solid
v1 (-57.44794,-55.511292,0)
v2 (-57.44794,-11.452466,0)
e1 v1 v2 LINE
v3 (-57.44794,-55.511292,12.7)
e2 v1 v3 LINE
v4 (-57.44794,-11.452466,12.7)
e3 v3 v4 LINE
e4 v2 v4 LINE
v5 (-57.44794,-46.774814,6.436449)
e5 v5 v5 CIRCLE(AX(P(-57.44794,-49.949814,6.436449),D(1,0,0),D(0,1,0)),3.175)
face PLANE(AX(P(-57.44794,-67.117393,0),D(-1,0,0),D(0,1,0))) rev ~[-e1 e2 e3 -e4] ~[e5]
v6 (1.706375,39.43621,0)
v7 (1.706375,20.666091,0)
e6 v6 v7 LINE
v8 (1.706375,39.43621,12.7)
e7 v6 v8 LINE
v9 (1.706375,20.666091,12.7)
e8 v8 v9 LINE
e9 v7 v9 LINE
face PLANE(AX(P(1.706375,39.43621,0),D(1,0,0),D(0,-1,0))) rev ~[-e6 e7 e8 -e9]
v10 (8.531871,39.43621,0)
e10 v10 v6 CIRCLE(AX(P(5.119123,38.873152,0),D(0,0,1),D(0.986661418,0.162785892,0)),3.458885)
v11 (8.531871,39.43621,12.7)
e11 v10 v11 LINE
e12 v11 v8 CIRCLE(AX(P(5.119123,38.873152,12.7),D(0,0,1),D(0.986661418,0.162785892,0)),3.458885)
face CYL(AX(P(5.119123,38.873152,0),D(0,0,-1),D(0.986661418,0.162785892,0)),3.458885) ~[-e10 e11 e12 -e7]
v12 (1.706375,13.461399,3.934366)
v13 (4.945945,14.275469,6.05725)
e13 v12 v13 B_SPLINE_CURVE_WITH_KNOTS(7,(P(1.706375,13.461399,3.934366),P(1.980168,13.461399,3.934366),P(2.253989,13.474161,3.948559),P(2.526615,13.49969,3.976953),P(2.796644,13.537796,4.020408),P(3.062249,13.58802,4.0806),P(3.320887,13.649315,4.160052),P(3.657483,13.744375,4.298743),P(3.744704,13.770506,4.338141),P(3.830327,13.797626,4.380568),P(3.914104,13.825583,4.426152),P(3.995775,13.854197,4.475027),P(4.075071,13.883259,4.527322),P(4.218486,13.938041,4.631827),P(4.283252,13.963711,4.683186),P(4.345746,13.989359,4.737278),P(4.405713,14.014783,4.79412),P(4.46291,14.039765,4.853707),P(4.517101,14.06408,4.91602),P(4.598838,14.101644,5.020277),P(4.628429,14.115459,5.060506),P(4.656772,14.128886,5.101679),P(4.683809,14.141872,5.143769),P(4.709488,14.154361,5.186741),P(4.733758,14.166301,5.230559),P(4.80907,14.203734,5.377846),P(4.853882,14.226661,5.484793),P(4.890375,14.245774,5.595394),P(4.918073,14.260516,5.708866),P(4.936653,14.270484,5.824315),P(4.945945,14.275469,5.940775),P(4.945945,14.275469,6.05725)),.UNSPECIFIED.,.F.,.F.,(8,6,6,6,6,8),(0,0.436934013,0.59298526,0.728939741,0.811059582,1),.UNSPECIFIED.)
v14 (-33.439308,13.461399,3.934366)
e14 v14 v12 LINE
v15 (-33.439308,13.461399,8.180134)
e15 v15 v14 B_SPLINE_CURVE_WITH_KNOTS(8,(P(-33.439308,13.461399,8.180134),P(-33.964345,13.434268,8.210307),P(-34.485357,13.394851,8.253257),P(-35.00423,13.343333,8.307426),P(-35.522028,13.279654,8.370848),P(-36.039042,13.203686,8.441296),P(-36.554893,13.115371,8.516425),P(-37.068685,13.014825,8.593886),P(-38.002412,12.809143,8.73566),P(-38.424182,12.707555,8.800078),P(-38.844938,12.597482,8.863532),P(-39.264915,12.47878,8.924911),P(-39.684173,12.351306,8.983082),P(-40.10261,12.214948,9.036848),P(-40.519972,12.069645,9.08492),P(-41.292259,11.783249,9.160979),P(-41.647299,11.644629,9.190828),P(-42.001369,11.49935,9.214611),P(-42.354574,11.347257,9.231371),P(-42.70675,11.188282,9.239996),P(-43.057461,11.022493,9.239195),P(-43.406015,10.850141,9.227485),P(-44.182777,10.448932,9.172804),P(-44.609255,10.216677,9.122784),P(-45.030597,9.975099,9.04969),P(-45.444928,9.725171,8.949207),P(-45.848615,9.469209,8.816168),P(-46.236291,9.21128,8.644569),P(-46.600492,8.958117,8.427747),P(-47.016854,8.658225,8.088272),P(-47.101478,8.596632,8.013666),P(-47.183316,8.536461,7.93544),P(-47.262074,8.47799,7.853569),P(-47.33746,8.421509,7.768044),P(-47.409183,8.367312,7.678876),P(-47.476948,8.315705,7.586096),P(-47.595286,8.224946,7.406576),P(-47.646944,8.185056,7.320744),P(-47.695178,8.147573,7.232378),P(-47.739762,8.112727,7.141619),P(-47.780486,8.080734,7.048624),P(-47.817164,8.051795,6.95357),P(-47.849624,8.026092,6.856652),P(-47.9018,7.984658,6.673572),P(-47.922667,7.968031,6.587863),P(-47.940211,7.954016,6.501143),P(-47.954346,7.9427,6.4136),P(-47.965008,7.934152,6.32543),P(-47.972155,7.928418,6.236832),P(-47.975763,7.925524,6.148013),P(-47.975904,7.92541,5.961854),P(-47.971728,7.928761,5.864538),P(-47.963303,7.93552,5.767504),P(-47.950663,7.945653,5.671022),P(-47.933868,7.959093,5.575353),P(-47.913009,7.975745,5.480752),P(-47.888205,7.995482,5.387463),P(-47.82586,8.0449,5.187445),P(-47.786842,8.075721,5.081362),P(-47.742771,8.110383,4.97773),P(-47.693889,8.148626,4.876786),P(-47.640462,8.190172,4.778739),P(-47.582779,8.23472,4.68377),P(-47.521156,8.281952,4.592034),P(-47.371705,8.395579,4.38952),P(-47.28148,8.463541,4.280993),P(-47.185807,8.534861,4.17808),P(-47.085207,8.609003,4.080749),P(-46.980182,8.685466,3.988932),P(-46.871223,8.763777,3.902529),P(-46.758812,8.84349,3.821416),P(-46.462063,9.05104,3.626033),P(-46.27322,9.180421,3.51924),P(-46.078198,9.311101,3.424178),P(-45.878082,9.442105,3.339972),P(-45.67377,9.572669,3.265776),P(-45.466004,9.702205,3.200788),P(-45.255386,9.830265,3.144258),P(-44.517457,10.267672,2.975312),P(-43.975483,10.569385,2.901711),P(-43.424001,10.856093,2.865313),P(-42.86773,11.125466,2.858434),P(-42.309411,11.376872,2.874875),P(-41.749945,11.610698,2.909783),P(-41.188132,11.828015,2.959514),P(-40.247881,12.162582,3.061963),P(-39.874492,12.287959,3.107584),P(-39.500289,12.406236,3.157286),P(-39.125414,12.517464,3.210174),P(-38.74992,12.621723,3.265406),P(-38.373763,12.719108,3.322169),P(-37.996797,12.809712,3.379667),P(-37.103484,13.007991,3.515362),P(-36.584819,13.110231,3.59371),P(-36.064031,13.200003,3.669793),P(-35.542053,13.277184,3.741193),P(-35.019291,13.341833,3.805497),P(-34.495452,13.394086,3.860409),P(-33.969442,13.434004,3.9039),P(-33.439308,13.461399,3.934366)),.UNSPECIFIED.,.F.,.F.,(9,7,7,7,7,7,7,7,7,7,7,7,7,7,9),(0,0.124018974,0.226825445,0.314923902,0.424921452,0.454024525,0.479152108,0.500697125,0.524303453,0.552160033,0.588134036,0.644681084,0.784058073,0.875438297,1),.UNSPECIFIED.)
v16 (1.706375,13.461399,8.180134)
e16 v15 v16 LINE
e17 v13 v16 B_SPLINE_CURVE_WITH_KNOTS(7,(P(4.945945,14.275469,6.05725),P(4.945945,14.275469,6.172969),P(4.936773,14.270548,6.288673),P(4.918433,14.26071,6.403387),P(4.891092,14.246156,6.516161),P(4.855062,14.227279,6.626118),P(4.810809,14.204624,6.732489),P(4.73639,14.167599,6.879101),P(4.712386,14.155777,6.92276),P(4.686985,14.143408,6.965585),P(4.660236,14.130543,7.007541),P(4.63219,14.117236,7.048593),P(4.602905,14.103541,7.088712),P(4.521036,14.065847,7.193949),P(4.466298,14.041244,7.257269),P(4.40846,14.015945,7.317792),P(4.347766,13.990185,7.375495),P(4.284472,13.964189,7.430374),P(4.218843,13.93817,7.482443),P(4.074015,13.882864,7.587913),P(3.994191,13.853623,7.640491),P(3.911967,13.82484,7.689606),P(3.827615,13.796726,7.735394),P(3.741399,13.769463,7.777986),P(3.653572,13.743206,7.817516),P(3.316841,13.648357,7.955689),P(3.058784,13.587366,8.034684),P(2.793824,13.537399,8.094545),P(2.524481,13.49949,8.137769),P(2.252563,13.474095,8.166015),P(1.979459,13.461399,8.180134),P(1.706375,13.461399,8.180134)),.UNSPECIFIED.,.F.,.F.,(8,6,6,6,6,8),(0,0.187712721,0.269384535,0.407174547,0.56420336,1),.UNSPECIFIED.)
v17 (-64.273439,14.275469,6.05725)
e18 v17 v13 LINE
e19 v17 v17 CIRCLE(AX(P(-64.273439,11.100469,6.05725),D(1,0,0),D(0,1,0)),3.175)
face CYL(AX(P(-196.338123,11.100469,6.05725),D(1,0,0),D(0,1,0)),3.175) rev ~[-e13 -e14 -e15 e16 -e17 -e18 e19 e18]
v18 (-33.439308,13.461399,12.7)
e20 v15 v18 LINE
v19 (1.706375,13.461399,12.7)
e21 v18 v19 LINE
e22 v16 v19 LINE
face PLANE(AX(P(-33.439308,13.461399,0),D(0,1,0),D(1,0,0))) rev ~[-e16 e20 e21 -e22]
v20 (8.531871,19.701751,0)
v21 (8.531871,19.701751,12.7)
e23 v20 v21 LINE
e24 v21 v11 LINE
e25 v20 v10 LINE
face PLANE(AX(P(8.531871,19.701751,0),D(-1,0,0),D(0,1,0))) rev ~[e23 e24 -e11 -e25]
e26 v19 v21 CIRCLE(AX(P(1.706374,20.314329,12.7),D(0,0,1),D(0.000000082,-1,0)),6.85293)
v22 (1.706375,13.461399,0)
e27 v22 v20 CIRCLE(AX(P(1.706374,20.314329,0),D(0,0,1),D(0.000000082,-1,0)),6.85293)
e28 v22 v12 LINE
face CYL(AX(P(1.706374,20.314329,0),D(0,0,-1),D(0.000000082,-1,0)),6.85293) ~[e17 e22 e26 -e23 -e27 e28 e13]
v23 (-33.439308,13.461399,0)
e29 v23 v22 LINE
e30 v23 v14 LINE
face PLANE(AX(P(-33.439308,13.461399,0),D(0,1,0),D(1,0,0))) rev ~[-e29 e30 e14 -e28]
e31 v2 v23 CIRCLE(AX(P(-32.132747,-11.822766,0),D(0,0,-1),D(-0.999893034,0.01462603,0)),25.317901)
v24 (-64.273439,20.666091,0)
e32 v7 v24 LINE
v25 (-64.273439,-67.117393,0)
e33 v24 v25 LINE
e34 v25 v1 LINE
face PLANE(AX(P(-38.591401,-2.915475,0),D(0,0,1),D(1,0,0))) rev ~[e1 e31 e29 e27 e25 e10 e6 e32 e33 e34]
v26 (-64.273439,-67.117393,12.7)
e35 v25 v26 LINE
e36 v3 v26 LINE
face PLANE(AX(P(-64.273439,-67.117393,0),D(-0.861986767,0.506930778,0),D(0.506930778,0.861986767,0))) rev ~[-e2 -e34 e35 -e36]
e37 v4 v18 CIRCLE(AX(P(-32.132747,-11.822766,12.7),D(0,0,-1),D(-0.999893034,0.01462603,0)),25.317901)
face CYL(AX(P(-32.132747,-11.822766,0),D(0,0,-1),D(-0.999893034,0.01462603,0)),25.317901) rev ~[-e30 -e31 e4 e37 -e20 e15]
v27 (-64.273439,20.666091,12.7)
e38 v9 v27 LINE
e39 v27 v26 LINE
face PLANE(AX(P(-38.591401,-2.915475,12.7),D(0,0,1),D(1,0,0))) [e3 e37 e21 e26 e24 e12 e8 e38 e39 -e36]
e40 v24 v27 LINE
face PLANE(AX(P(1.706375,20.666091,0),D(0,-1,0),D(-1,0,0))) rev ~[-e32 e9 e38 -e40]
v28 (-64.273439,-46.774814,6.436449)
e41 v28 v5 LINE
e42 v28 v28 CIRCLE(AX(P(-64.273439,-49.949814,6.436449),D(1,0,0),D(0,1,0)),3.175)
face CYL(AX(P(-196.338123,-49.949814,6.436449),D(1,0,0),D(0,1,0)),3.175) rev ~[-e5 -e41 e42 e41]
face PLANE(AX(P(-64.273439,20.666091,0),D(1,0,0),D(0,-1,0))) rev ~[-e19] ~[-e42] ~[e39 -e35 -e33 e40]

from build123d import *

# Parameters (mm, degrees)
F1_DEPTH = 12.7
F3_D     = 6.35
F5_DEPTH = 12.701


with BuildPart() as f1:
    # F0 (on Top) → F1 (new body)
    with BuildSketch(Plane.XY):
        with BuildLine():
            Line((-57.44794, 20.666091), (-64.273439, 20.666091))
            Line((-64.273439, 20.666091), (-64.273439, -67.117393))
            Line((-64.273439, -67.117393), (-57.44794, -67.117393))
            Line((-57.44794, -67.117393), (-57.44794, -11.452466))
            ThreePointArc((-57.44794, -11.452466), (-50.363343, 5.745429), (-33.439308, 13.461399))
            Line((-33.439308, 13.461399), (1.706375, 13.461399))
            ThreePointArc((1.706375, 13.461399), (6.33048, 15.256632), (8.531871, 19.701751))
            Line((8.531871, 19.701751), (8.531871, 39.43621))
            ThreePointArc((8.531871, 39.43621), (5.119123, 42.332037), (1.706375, 39.43621))
            Line((1.706375, 39.43621), (1.706375, 20.666091))
            Line((1.706375, 20.666091), (-57.44794, 20.666091))
        make_face()
    extrude(amount=F1_DEPTH)

    # F3 (through all)
    with Locations(Plane(origin=(-64.273439, 0, 0), x_dir=(0, -1, 0), z_dir=(-1, 0, 0))):
        with Locations((-11.100469, 6.05725), (49.949814, 6.436449)):
            Hole(F3_D / 2)

    # F4 (on face) → F5 (cut, through all)
    with BuildSketch(Plane(origin=(0, 0, 0), x_dir=(1, 0, 0), z_dir=(0, 0, -1))):
        Polygon((-57.44794, 67.117393), (-64.273439, 67.117393), (-57.44794, 55.511292), align=None)
    extrude(amount=-F5_DEPTH, mode=Mode.SUBTRACT)


solid = f1.part
